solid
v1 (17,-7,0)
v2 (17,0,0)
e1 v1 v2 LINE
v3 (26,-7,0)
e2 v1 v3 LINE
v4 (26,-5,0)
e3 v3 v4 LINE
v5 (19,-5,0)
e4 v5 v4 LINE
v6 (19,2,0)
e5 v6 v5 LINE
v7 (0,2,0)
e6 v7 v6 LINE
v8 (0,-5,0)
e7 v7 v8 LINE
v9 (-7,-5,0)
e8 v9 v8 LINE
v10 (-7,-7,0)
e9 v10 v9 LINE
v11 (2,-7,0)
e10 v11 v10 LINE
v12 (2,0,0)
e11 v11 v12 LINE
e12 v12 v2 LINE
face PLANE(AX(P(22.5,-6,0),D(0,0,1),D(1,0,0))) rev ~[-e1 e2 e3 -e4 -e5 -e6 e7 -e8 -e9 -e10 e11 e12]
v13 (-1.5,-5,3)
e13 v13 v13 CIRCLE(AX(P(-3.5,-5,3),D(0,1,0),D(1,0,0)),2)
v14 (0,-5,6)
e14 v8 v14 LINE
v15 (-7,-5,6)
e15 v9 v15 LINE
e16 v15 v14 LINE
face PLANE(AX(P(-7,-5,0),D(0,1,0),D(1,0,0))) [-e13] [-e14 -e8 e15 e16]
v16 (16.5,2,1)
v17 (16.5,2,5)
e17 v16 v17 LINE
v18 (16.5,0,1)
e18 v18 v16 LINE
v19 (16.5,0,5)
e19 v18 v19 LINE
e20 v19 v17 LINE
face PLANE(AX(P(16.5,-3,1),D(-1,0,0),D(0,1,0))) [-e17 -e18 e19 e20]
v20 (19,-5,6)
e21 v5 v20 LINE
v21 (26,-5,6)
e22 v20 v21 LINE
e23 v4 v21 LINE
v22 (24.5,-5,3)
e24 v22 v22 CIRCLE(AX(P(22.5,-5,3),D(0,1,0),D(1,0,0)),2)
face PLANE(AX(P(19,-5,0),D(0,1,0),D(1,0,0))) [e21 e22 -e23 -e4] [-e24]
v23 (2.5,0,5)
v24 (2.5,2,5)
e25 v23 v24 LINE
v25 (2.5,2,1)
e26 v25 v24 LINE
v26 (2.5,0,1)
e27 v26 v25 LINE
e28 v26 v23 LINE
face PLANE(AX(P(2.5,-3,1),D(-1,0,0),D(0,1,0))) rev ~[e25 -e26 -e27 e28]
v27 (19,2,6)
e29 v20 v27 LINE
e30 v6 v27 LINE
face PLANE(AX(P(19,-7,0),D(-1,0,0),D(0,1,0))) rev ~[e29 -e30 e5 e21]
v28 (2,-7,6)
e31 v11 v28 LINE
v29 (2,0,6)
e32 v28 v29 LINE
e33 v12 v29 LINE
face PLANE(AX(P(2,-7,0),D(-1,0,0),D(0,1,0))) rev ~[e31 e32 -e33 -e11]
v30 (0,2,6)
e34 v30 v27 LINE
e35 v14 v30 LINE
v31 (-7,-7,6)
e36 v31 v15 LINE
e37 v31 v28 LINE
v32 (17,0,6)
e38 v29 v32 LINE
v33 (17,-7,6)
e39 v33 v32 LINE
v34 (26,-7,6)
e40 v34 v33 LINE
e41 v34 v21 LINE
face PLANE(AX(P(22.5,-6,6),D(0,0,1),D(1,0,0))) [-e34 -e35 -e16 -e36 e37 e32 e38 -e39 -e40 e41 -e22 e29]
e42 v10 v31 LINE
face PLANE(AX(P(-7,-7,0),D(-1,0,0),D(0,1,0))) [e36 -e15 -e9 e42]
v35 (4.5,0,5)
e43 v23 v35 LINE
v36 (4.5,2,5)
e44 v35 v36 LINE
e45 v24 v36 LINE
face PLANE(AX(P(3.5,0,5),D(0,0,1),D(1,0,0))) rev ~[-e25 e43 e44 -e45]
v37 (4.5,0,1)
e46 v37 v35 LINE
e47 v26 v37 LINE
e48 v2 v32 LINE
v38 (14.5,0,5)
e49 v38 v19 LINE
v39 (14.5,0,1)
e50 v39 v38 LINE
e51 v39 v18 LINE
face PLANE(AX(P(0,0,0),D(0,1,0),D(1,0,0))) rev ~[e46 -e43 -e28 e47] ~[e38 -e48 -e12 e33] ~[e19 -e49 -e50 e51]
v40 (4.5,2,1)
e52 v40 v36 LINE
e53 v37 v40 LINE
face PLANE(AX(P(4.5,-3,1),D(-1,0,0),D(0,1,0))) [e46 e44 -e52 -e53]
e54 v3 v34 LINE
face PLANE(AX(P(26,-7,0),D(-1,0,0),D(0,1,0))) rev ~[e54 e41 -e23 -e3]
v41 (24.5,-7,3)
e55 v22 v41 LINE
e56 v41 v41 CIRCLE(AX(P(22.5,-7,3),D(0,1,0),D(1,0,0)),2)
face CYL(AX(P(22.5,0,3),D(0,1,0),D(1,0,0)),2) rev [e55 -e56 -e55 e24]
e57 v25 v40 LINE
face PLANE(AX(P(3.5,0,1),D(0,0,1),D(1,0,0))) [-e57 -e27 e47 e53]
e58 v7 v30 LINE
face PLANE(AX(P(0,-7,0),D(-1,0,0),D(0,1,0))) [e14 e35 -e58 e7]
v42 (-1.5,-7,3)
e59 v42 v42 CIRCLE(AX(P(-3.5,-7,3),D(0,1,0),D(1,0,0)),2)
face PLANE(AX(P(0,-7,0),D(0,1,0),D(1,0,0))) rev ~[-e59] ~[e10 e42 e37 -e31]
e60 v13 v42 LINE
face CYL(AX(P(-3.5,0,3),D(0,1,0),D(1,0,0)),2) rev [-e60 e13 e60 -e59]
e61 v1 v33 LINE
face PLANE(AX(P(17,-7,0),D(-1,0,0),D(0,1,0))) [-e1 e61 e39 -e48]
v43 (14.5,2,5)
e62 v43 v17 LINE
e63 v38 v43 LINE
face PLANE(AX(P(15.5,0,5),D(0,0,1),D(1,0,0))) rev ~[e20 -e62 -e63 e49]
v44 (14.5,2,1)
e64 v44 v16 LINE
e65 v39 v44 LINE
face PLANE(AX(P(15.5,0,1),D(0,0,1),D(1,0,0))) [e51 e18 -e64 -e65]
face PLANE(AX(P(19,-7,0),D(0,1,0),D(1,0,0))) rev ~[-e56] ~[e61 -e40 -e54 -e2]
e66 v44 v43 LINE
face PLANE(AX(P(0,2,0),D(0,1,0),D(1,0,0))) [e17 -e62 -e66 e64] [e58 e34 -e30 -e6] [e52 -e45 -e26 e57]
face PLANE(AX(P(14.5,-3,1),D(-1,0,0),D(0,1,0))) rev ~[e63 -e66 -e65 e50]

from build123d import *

# Parameters (mm, degrees)
CYLINDER001_R     = 2
CYLINDER001_DEPTH = 10
BOX004_W          = 7
BOX004_H          = 2
BOX004_DEPTH      = 6
BOX002_W          = 2
BOX002_H          = 7
BOX002_DEPTH      = 6
BOX001_W          = 2
BOX001_H          = 7
BOX001_DEPTH      = 6
CYLINDER_R        = 2
CYLINDER_DEPTH    = 10
BOX003_W          = 7
BOX003_H          = 2
BOX003_DEPTH      = 6
BOX006_W          = 2
BOX006_H          = 6
BOX006_DEPTH      = 4
BOX005_W          = 2
BOX005_H          = 6
BOX005_DEPTH      = 4
BOX_W             = 19
BOX_H             = 2
BOX_DEPTH         = 6


with BuildPart() as cylinder001:
    # Cylinder001 → Cylinder001 (new body)
    with BuildSketch(Plane(origin=(22.5, 0, 3), x_dir=(1, 0, 0), z_dir=(0, -1, 0))):
        Circle(CYLINDER001_R)
    extrude(amount=CYLINDER001_DEPTH)


with BuildPart() as cut001:
    # Box004 → Box004 (new body)
    with BuildSketch(Plane(origin=(19, -7, 0), x_dir=(1, 0, 0), z_dir=(0, 0, 1))):
        with Locations((3.5, 1)):
            Rectangle(BOX004_W, BOX004_H)
    extrude(amount=BOX004_DEPTH)

    # Cut001: cut Cylinder001
    add(cylinder001.part, mode=Mode.SUBTRACT)


with BuildPart() as cube002:
    # Box002 → Box002 (new body)
    with BuildSketch(Plane(origin=(17, -7, 0), x_dir=(1, 0, 0), z_dir=(0, 0, 1))):
        with Locations((1, 3.5)):
            Rectangle(BOX002_W, BOX002_H)
    extrude(amount=BOX002_DEPTH)


with BuildPart() as cube001:
    # Box001 → Box001 (new body)
    with BuildSketch(Plane(origin=(0, -7, 0), x_dir=(1, 0, 0), z_dir=(0, 0, 1))):
        with Locations((1, 3.5)):
            Rectangle(BOX001_W, BOX001_H)
    extrude(amount=BOX001_DEPTH)


with BuildPart() as cylinder:
    # Cylinder → Cylinder (new body)
    with BuildSketch(Plane(origin=(-3.5, 0, 3), x_dir=(1, 0, 0), z_dir=(0, -1, 0))):
        Circle(CYLINDER_R)
    extrude(amount=CYLINDER_DEPTH)


with BuildPart() as fusion:
    # Box003 → Box003 (new body)
    with BuildSketch(Plane(origin=(-7, -7, 0), x_dir=(1, 0, 0), z_dir=(0, 0, 1))):
        with Locations((3.5, 1)):
            Rectangle(BOX003_W, BOX003_H)
    extrude(amount=BOX003_DEPTH)

    # Cut: cut Cylinder
    add(cylinder.part, mode=Mode.SUBTRACT)

    # Fusion: union Cube001
    add(cube001.part)


with BuildPart() as cube006:
    # Box006 → Box006 (new body)
    with BuildSketch(Plane(origin=(14.5, -3, 1), x_dir=(1, 0, 0), z_dir=(0, 0, 1))):
        with Locations((1, 3)):
            Rectangle(BOX006_W, BOX006_H)
    extrude(amount=BOX006_DEPTH)


with BuildPart() as cube005:
    # Box005 → Box005 (new body)
    with BuildSketch(Plane(origin=(2.5, -3, 1), x_dir=(1, 0, 0), z_dir=(0, 0, 1))):
        with Locations((1, 3)):
            Rectangle(BOX005_W, BOX005_H)
    extrude(amount=BOX005_DEPTH)


with BuildPart() as fusion003:
    # Box → Box (new body)
    with BuildSketch(Plane.XY):
        with Locations((9.5, 1)):
            Rectangle(BOX_W, BOX_H)
    extrude(amount=BOX_DEPTH)

    # Cut002: cut Cube005
    add(cube005.part, mode=Mode.SUBTRACT)

    # Cut003: cut Cube006
    add(cube006.part, mode=Mode.SUBTRACT)

    # Fusion001: union Fusion
    add(fusion.part)

    # Fusion002: union Cube002
    add(cube002.part)

    # Fusion003: union Cut001
    add(cut001.part)


solid = fusion003.part
